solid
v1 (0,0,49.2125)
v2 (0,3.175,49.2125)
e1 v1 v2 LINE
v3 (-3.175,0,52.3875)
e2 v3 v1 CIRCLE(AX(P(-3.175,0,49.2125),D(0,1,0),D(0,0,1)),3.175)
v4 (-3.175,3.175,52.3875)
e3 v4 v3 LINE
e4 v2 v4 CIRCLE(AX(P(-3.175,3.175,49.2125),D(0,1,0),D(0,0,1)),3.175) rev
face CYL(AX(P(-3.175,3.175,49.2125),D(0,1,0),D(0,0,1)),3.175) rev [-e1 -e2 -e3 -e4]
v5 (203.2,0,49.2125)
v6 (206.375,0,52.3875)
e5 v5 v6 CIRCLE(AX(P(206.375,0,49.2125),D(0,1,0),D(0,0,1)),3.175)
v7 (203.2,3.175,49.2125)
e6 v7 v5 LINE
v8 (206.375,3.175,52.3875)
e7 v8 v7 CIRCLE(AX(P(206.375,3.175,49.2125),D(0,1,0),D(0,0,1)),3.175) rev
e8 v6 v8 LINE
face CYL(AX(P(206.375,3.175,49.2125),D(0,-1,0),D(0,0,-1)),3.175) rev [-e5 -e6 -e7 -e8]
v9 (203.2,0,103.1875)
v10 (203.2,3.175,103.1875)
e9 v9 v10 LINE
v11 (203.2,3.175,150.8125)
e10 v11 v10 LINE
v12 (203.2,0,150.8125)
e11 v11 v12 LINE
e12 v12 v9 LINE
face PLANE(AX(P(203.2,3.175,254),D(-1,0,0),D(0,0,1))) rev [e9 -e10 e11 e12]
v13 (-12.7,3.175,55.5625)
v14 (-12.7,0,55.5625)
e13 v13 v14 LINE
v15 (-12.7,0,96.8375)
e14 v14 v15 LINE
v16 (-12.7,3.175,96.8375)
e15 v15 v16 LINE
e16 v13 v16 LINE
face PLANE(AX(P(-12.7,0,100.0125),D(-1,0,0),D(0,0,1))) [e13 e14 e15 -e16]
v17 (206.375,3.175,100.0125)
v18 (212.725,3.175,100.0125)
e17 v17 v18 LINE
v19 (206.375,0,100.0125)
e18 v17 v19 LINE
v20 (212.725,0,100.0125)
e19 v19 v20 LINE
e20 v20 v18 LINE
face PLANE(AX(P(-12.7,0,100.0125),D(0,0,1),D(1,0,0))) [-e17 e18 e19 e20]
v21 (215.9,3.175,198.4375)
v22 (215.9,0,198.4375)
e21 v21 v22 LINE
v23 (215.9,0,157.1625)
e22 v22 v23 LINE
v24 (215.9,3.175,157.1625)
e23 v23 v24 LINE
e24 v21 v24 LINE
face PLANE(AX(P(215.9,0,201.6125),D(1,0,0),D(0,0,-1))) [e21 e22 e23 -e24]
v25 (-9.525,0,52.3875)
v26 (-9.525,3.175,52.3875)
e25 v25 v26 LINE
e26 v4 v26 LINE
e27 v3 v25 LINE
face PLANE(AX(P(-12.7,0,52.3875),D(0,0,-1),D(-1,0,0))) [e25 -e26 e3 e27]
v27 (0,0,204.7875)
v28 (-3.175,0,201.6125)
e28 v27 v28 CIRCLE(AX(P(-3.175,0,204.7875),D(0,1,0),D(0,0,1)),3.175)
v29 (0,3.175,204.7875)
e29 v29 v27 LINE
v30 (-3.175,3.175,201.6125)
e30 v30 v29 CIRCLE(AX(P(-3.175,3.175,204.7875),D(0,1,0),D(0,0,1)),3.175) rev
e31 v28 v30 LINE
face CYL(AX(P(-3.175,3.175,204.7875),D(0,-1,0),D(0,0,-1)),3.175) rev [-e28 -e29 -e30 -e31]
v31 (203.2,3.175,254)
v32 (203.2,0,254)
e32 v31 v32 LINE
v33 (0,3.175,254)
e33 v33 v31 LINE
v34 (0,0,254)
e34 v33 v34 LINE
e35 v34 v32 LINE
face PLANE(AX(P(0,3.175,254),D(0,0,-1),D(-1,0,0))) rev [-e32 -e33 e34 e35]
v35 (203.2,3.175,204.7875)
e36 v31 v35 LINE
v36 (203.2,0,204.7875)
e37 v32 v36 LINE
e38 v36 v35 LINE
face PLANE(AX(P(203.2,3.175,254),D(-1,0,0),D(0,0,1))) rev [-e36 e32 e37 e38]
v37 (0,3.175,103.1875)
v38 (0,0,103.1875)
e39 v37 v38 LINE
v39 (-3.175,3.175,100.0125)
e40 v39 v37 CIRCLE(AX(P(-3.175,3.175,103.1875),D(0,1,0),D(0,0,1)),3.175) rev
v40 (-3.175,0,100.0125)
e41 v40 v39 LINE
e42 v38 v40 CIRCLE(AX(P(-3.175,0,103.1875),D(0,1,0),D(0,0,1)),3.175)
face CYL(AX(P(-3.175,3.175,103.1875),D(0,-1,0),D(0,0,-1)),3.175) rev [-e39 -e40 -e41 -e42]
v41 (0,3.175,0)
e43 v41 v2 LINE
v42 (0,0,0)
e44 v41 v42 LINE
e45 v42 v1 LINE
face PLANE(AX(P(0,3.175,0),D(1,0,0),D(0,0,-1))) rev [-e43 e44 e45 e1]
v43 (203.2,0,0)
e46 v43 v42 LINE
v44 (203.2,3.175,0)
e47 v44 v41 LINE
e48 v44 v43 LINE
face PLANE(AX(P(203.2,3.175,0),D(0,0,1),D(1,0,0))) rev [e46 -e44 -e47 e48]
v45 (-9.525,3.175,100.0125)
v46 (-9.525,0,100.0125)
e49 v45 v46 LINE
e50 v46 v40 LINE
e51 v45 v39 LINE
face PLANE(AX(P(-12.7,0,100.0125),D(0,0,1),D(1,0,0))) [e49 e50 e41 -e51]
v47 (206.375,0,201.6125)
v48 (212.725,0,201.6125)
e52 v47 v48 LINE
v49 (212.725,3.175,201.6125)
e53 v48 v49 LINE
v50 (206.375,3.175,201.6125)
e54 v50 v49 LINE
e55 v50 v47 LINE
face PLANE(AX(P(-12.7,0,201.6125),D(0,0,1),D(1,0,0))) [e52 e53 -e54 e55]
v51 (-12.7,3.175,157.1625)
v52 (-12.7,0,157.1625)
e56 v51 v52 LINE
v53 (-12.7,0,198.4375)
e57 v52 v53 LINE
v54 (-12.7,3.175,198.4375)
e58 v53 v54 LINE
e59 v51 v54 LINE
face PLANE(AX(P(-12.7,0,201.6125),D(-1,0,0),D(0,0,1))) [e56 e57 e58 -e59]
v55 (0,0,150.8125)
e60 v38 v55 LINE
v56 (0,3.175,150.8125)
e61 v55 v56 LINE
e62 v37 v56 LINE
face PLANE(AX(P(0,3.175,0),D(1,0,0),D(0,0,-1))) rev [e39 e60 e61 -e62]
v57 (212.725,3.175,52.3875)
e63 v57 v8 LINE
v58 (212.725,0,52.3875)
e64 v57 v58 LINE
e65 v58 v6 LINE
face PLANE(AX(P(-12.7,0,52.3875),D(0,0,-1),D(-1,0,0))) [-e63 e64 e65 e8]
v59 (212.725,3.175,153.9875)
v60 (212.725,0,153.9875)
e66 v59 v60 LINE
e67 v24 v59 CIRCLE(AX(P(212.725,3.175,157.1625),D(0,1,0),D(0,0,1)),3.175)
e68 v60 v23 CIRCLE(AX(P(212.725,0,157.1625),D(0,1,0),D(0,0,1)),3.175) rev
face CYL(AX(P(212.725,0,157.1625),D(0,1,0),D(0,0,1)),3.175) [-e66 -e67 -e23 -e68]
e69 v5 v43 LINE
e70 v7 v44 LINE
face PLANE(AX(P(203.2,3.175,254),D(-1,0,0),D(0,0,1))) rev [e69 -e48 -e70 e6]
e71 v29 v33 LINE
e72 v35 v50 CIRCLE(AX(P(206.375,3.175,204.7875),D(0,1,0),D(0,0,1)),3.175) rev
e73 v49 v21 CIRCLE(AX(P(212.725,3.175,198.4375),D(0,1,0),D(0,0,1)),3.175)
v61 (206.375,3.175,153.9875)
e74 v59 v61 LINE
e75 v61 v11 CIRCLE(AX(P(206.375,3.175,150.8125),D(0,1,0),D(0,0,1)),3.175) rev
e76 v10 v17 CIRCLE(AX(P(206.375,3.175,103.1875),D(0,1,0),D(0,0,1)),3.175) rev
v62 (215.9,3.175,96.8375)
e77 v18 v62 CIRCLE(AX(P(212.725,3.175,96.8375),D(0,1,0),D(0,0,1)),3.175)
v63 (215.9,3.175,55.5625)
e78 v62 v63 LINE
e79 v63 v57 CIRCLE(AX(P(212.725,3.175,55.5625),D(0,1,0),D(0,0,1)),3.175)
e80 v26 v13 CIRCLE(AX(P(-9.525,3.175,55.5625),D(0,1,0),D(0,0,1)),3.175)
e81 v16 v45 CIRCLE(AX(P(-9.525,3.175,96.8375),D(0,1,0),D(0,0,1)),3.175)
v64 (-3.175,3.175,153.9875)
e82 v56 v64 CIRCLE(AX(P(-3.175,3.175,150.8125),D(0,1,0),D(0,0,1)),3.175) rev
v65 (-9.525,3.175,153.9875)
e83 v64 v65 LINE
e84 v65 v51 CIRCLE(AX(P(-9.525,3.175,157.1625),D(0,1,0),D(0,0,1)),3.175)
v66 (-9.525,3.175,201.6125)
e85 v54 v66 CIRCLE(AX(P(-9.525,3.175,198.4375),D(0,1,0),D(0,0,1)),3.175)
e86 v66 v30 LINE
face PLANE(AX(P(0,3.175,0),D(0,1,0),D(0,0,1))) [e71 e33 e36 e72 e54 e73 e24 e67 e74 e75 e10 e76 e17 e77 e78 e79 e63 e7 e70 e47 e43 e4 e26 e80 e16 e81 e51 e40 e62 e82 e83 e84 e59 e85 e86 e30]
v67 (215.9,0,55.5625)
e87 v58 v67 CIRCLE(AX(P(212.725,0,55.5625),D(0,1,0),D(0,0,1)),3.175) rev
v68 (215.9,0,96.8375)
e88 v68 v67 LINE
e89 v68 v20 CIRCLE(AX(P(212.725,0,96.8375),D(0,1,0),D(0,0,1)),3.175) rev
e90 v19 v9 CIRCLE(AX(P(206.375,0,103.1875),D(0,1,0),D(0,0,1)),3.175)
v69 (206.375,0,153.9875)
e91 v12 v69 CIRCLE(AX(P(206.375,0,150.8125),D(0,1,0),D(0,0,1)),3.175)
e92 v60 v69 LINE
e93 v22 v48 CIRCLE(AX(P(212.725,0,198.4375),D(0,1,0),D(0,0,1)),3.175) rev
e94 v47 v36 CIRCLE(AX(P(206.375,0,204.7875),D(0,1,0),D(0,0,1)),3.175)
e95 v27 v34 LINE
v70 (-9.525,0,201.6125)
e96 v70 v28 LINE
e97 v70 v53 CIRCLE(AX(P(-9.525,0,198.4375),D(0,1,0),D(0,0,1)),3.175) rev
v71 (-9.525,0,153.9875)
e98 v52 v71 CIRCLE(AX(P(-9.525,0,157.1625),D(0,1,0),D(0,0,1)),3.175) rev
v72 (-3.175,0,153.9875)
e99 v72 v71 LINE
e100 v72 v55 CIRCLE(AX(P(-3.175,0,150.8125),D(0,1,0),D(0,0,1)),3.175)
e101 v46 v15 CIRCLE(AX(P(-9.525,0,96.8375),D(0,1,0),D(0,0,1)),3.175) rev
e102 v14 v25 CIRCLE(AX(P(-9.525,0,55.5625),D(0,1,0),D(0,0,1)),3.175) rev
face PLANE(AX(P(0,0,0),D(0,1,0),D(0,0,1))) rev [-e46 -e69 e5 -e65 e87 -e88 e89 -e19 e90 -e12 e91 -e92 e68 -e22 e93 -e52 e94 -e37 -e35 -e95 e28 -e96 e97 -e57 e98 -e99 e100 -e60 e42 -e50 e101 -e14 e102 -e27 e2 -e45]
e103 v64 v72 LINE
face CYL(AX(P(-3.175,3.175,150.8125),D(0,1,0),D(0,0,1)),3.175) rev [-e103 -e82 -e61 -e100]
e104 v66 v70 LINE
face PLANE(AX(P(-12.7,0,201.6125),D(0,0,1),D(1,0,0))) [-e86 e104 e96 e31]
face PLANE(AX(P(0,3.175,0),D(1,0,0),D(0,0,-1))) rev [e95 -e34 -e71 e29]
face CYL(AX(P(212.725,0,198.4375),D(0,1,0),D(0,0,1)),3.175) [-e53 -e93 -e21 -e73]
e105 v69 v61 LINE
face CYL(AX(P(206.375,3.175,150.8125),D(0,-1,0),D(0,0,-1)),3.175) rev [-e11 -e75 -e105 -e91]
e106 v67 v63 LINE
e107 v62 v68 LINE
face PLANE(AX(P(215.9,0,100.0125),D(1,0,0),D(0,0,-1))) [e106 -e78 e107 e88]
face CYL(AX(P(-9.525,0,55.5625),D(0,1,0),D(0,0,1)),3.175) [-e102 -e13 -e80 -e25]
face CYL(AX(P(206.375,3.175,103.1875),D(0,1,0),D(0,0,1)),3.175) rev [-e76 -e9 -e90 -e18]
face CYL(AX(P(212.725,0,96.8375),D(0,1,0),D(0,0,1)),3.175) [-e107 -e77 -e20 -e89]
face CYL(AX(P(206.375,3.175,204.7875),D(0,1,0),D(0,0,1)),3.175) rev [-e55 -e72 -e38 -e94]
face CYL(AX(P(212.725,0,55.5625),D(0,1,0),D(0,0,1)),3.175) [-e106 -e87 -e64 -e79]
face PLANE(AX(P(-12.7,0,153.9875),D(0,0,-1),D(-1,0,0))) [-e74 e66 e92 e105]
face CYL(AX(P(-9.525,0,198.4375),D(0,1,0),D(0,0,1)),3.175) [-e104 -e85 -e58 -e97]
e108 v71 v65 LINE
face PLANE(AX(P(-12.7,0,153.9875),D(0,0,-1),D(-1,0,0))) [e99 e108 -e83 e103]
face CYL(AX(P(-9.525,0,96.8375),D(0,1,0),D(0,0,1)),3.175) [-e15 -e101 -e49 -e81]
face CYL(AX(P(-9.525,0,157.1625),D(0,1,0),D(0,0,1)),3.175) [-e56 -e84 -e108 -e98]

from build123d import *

# Parameters (mm, degrees)
SKETCH1_W           = 203.2
SKETCH1_H           = 254
BOSS_EXTRUDE1_DEPTH = 3.175
SKETCH2_W           = 228.6
SKETCH2_H           = 47.625
BOSS_EXTRUDE2_DEPTH = 3.175
FILLET1_R           = 3.175


with BuildPart() as part:
    # Sketch1 → Boss-Extrude1 (new body)
    with BuildSketch(Plane(origin=(0, 0, 0), x_dir=(1, 0, 0), z_dir=(0, 1, 0))):
        with Locations((101.6, -127)):
            Rectangle(SKETCH1_W, SKETCH1_H)
    extrude(amount=BOSS_EXTRUDE1_DEPTH)

    # Sketch2 → Boss-Extrude2 (add, through all)
    with BuildSketch(Plane(origin=(0, 3.175, 0), x_dir=(1, 0, 0), z_dir=(0, 1, 0))):
        with Locations((101.6, -76.2)):
            Rectangle(SKETCH2_W, SKETCH2_H)
        with Locations((101.6, -177.8)):
            Rectangle(SKETCH2_W, SKETCH2_H)
    extrude(amount=-BOSS_EXTRUDE2_DEPTH)

    # Fillet1
    fillet1_edges = [part.edges().sort_by_distance(p)[0] for p in [
        (215.9, 1.5875, 100.0125),
        (-12.7, 1.5875, 52.3875),
        (215.9, 1.5875, 52.3875),
        (0, 1.5875, 100.0125),
        (203.2, 1.5875, 100.0125),
        (-12.7, 1.5875, 100.0125),
        (0, 1.5875, 52.3875),
        (203.2, 1.5875, 52.3875),
        (215.9, 1.5875, 201.6125),
        (-12.7, 1.5875, 153.9875),
        (215.9, 1.5875, 153.9875),
        (0, 1.5875, 201.6125),
        (203.2, 1.5875, 201.6125),
        (-12.7, 1.5875, 201.6125),
        (0, 1.5875, 153.9875),
        (203.2, 1.5875, 153.9875),
    ]]
    fillet(fillet1_edges, radius=FILLET1_R)


solid = part.part
